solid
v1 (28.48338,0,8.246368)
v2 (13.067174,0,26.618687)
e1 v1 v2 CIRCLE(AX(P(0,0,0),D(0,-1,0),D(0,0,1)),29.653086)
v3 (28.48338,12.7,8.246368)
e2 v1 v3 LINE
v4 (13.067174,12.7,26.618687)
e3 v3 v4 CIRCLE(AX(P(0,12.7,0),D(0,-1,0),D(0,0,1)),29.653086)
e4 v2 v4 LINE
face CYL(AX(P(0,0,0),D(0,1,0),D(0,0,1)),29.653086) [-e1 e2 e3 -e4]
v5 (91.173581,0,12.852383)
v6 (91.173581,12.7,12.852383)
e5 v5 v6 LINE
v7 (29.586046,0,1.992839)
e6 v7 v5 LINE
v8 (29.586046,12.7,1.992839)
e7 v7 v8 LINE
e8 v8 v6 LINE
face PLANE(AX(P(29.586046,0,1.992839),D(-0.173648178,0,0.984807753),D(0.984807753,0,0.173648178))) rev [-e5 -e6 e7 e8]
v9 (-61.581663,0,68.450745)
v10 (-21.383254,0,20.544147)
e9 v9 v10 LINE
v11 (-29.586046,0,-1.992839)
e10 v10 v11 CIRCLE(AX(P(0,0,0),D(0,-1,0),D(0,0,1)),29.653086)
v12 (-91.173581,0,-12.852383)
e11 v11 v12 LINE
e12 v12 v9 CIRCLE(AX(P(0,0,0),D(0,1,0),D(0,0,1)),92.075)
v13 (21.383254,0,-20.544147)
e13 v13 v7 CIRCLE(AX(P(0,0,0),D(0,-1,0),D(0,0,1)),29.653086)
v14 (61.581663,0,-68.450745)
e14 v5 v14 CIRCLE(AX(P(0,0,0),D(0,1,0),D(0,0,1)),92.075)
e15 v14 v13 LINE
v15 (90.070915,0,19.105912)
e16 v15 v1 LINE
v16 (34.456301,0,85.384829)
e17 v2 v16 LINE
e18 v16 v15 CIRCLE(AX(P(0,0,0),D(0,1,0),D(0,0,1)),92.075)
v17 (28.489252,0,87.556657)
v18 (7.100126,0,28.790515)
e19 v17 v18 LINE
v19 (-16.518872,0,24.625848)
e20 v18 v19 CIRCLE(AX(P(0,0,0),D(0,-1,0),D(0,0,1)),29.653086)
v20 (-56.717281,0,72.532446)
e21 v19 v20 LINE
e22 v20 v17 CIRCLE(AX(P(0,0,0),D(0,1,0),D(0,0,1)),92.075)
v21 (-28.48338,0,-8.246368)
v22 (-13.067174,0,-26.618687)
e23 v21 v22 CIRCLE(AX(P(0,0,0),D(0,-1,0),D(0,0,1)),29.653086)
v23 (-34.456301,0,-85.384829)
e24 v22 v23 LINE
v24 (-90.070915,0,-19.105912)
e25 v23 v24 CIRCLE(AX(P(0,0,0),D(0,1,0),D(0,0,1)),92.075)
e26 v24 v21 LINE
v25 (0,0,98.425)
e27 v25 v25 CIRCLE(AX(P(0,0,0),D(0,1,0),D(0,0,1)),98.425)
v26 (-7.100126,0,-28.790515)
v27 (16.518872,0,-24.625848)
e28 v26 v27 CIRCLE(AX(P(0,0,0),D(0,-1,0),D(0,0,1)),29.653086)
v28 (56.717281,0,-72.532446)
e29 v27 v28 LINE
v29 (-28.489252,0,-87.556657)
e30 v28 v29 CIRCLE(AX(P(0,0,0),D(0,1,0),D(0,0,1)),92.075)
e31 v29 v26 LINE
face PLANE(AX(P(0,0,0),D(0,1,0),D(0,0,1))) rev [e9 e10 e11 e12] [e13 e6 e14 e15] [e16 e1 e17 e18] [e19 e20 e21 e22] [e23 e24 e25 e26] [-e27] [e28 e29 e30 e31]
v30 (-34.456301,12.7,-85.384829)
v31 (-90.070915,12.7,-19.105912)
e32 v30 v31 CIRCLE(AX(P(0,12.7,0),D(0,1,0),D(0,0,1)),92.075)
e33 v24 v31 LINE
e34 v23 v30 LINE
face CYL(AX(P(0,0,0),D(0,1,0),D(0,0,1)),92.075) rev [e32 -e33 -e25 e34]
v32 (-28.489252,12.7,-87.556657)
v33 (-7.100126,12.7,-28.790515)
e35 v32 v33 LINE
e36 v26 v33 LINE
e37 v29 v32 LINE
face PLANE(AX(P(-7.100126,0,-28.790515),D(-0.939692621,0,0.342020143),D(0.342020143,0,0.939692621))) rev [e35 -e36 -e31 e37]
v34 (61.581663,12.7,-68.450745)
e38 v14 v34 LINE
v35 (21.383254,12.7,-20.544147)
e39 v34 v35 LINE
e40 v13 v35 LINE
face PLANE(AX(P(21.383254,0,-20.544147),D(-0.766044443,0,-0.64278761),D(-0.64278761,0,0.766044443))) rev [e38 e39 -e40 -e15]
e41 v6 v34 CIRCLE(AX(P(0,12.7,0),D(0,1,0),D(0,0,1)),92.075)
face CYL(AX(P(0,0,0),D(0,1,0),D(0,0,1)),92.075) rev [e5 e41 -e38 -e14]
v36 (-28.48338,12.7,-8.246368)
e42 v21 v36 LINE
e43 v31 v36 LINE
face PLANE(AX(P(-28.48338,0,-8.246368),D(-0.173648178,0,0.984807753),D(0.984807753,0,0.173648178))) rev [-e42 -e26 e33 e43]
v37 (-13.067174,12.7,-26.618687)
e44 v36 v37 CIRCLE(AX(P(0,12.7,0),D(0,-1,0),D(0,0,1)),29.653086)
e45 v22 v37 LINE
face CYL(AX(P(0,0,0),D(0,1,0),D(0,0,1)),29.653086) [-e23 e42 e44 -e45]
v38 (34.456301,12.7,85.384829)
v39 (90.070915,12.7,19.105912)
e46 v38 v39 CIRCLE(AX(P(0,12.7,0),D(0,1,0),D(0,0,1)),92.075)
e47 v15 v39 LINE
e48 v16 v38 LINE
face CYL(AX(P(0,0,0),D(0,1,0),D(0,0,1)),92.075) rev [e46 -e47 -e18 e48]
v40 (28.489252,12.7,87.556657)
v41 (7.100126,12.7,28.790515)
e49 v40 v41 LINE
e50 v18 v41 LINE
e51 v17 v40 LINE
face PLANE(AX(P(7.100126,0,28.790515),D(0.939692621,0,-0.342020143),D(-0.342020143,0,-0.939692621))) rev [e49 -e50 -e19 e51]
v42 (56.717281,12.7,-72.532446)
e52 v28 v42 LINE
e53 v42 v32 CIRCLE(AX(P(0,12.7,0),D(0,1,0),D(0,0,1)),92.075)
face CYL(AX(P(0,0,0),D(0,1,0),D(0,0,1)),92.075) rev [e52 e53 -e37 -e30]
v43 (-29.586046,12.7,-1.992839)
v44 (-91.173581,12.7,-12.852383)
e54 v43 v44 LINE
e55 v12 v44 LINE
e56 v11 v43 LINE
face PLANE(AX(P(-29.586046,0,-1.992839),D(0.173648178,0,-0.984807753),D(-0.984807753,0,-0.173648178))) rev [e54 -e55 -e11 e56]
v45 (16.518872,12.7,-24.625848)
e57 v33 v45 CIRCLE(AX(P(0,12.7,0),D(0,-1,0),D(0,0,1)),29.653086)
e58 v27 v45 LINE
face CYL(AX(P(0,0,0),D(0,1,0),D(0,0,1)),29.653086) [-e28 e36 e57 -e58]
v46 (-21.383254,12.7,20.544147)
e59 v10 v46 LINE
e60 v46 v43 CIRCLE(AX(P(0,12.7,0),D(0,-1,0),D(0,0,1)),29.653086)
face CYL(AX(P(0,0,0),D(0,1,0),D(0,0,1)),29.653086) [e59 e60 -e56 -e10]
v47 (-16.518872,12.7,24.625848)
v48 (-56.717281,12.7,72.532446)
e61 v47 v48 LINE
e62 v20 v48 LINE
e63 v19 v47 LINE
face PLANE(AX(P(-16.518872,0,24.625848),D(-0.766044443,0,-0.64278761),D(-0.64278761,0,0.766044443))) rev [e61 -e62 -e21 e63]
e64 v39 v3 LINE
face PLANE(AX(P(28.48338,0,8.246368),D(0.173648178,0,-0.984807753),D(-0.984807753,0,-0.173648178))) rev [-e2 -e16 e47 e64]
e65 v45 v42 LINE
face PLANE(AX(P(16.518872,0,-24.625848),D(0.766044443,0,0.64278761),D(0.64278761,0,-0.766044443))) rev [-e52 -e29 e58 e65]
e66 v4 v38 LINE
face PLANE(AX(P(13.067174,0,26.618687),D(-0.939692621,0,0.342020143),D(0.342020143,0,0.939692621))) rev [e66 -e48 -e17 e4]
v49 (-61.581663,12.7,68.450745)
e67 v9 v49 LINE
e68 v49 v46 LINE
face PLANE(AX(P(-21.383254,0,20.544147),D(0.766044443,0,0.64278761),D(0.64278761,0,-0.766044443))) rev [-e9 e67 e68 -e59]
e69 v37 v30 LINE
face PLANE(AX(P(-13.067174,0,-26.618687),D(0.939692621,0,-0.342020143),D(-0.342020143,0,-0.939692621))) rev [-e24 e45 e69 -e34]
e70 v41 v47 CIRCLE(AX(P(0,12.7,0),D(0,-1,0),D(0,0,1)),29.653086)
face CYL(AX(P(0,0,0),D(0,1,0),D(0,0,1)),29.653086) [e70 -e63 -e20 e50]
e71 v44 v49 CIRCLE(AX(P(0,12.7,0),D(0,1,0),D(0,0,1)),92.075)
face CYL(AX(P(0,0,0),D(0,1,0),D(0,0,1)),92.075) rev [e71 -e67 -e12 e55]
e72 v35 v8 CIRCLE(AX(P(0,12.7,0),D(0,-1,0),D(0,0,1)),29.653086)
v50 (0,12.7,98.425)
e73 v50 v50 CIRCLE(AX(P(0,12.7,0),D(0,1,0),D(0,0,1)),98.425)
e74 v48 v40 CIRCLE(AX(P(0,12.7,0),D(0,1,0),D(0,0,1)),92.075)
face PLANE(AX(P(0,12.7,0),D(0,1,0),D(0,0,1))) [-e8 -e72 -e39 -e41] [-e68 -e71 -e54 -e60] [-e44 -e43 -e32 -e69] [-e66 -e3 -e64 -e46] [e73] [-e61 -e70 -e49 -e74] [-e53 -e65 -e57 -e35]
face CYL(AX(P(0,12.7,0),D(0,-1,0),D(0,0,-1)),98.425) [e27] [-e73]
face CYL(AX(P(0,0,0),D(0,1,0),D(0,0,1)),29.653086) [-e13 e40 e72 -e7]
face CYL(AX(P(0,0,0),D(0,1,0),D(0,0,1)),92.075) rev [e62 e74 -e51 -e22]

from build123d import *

# Parameters (mm, degrees)
SKETCH1_R           = 98.425
BOSS_EXTRUDE1_DEPTH = 12.7
CUT_EXTRUDE1_DEPTH  = 13.7


with BuildPart() as part:
    # Sketch1 → Boss-Extrude1 (new body)
    with BuildSketch(Plane(origin=(0, 0, 0), x_dir=(1, 0, 0), z_dir=(0, 1, 0))):
        Circle(SKETCH1_R)
    extrude(amount=BOSS_EXTRUDE1_DEPTH)

    # Sketch2 → Cut-Extrude1 (cut, through all)
    with BuildSketch(Plane(origin=(0, 12.7, 0), x_dir=(1, 0, 0), z_dir=(0, 1, 0))):
        with BuildLine():
            Line((21.383254088, 20.544146731), (61.581662722, 68.450744637))
            ThreePointArc((61.581662722, 68.450744637), (86.522198059, 31.491504697), (91.173581053, -12.852382775))
            Line((91.173581053, -12.852382775), (29.586045941, -1.992838659))
            ThreePointArc((29.586045941, -1.992838659), (27.864786272, 10.141952787), (21.383254088, 20.544146731))
        make_face()
        with BuildLine():
            Line((16.518871875, 24.625848052), (56.717280509, 72.532445958))
            ThreePointArc((56.717280509, 72.532445958), (15.988655959, 90.676173859), (-28.489252402, 87.556656643))
            Line((-28.489252402, 87.556656643), (-7.100125924, 28.790514622))
            ThreePointArc((-7.100125924, 28.790514622), (5.149204378, 29.202589176), (16.518871875, 24.625848052))
        make_face()
        with BuildLine():
            Line((-13.067174066, 26.618686712), (-34.456300544, 85.384828733))
            ThreePointArc((-34.456300544, 85.384828733), (-70.5335421, 59.184669162), (-90.070915125, 19.105912006))
            Line((-90.070915125, 19.105912006), (-28.483380012, 8.246367891))
            ThreePointArc((-28.483380012, 8.246367891), (-22.715581894, 19.060636389), (-13.067174066, 26.618686712))
        make_face()
        with BuildLine():
            Line((-29.586045941, 1.992838659), (-91.173581053, 12.852382775))
            ThreePointArc((-91.173581053, 12.852382775), (-86.522198059, -31.491504697), (-61.581662722, -68.450744637))
            Line((-61.581662722, -68.450744637), (-21.383254088, -20.544146731))
            ThreePointArc((-21.383254088, -20.544146731), (-27.864786272, -10.141952787), (-29.586045941, 1.992838659))
        make_face()
        with BuildLine():
            Line((-16.518871875, -24.625848052), (-56.717280509, -72.532445958))
            ThreePointArc((-56.717280509, -72.532445958), (-15.988655959, -90.676173859), (28.489252402, -87.556656643))
            Line((28.489252402, -87.556656643), (7.100125924, -28.790514622))
            ThreePointArc((7.100125924, -28.790514622), (-5.149204378, -29.202589176), (-16.518871875, -24.625848052))
        make_face()
        with BuildLine():
            Line((13.067174066, -26.618686712), (34.456300544, -85.384828733))
            ThreePointArc((34.456300544, -85.384828733), (70.5335421, -59.184669162), (90.070915125, -19.105912006))
            Line((90.070915125, -19.105912006), (28.483380012, -8.246367891))
            ThreePointArc((28.483380012, -8.246367891), (22.715581894, -19.060636389), (13.067174066, -26.618686712))
        make_face()
    extrude(amount=-CUT_EXTRUDE1_DEPTH, mode=Mode.SUBTRACT)


solid = part.part
